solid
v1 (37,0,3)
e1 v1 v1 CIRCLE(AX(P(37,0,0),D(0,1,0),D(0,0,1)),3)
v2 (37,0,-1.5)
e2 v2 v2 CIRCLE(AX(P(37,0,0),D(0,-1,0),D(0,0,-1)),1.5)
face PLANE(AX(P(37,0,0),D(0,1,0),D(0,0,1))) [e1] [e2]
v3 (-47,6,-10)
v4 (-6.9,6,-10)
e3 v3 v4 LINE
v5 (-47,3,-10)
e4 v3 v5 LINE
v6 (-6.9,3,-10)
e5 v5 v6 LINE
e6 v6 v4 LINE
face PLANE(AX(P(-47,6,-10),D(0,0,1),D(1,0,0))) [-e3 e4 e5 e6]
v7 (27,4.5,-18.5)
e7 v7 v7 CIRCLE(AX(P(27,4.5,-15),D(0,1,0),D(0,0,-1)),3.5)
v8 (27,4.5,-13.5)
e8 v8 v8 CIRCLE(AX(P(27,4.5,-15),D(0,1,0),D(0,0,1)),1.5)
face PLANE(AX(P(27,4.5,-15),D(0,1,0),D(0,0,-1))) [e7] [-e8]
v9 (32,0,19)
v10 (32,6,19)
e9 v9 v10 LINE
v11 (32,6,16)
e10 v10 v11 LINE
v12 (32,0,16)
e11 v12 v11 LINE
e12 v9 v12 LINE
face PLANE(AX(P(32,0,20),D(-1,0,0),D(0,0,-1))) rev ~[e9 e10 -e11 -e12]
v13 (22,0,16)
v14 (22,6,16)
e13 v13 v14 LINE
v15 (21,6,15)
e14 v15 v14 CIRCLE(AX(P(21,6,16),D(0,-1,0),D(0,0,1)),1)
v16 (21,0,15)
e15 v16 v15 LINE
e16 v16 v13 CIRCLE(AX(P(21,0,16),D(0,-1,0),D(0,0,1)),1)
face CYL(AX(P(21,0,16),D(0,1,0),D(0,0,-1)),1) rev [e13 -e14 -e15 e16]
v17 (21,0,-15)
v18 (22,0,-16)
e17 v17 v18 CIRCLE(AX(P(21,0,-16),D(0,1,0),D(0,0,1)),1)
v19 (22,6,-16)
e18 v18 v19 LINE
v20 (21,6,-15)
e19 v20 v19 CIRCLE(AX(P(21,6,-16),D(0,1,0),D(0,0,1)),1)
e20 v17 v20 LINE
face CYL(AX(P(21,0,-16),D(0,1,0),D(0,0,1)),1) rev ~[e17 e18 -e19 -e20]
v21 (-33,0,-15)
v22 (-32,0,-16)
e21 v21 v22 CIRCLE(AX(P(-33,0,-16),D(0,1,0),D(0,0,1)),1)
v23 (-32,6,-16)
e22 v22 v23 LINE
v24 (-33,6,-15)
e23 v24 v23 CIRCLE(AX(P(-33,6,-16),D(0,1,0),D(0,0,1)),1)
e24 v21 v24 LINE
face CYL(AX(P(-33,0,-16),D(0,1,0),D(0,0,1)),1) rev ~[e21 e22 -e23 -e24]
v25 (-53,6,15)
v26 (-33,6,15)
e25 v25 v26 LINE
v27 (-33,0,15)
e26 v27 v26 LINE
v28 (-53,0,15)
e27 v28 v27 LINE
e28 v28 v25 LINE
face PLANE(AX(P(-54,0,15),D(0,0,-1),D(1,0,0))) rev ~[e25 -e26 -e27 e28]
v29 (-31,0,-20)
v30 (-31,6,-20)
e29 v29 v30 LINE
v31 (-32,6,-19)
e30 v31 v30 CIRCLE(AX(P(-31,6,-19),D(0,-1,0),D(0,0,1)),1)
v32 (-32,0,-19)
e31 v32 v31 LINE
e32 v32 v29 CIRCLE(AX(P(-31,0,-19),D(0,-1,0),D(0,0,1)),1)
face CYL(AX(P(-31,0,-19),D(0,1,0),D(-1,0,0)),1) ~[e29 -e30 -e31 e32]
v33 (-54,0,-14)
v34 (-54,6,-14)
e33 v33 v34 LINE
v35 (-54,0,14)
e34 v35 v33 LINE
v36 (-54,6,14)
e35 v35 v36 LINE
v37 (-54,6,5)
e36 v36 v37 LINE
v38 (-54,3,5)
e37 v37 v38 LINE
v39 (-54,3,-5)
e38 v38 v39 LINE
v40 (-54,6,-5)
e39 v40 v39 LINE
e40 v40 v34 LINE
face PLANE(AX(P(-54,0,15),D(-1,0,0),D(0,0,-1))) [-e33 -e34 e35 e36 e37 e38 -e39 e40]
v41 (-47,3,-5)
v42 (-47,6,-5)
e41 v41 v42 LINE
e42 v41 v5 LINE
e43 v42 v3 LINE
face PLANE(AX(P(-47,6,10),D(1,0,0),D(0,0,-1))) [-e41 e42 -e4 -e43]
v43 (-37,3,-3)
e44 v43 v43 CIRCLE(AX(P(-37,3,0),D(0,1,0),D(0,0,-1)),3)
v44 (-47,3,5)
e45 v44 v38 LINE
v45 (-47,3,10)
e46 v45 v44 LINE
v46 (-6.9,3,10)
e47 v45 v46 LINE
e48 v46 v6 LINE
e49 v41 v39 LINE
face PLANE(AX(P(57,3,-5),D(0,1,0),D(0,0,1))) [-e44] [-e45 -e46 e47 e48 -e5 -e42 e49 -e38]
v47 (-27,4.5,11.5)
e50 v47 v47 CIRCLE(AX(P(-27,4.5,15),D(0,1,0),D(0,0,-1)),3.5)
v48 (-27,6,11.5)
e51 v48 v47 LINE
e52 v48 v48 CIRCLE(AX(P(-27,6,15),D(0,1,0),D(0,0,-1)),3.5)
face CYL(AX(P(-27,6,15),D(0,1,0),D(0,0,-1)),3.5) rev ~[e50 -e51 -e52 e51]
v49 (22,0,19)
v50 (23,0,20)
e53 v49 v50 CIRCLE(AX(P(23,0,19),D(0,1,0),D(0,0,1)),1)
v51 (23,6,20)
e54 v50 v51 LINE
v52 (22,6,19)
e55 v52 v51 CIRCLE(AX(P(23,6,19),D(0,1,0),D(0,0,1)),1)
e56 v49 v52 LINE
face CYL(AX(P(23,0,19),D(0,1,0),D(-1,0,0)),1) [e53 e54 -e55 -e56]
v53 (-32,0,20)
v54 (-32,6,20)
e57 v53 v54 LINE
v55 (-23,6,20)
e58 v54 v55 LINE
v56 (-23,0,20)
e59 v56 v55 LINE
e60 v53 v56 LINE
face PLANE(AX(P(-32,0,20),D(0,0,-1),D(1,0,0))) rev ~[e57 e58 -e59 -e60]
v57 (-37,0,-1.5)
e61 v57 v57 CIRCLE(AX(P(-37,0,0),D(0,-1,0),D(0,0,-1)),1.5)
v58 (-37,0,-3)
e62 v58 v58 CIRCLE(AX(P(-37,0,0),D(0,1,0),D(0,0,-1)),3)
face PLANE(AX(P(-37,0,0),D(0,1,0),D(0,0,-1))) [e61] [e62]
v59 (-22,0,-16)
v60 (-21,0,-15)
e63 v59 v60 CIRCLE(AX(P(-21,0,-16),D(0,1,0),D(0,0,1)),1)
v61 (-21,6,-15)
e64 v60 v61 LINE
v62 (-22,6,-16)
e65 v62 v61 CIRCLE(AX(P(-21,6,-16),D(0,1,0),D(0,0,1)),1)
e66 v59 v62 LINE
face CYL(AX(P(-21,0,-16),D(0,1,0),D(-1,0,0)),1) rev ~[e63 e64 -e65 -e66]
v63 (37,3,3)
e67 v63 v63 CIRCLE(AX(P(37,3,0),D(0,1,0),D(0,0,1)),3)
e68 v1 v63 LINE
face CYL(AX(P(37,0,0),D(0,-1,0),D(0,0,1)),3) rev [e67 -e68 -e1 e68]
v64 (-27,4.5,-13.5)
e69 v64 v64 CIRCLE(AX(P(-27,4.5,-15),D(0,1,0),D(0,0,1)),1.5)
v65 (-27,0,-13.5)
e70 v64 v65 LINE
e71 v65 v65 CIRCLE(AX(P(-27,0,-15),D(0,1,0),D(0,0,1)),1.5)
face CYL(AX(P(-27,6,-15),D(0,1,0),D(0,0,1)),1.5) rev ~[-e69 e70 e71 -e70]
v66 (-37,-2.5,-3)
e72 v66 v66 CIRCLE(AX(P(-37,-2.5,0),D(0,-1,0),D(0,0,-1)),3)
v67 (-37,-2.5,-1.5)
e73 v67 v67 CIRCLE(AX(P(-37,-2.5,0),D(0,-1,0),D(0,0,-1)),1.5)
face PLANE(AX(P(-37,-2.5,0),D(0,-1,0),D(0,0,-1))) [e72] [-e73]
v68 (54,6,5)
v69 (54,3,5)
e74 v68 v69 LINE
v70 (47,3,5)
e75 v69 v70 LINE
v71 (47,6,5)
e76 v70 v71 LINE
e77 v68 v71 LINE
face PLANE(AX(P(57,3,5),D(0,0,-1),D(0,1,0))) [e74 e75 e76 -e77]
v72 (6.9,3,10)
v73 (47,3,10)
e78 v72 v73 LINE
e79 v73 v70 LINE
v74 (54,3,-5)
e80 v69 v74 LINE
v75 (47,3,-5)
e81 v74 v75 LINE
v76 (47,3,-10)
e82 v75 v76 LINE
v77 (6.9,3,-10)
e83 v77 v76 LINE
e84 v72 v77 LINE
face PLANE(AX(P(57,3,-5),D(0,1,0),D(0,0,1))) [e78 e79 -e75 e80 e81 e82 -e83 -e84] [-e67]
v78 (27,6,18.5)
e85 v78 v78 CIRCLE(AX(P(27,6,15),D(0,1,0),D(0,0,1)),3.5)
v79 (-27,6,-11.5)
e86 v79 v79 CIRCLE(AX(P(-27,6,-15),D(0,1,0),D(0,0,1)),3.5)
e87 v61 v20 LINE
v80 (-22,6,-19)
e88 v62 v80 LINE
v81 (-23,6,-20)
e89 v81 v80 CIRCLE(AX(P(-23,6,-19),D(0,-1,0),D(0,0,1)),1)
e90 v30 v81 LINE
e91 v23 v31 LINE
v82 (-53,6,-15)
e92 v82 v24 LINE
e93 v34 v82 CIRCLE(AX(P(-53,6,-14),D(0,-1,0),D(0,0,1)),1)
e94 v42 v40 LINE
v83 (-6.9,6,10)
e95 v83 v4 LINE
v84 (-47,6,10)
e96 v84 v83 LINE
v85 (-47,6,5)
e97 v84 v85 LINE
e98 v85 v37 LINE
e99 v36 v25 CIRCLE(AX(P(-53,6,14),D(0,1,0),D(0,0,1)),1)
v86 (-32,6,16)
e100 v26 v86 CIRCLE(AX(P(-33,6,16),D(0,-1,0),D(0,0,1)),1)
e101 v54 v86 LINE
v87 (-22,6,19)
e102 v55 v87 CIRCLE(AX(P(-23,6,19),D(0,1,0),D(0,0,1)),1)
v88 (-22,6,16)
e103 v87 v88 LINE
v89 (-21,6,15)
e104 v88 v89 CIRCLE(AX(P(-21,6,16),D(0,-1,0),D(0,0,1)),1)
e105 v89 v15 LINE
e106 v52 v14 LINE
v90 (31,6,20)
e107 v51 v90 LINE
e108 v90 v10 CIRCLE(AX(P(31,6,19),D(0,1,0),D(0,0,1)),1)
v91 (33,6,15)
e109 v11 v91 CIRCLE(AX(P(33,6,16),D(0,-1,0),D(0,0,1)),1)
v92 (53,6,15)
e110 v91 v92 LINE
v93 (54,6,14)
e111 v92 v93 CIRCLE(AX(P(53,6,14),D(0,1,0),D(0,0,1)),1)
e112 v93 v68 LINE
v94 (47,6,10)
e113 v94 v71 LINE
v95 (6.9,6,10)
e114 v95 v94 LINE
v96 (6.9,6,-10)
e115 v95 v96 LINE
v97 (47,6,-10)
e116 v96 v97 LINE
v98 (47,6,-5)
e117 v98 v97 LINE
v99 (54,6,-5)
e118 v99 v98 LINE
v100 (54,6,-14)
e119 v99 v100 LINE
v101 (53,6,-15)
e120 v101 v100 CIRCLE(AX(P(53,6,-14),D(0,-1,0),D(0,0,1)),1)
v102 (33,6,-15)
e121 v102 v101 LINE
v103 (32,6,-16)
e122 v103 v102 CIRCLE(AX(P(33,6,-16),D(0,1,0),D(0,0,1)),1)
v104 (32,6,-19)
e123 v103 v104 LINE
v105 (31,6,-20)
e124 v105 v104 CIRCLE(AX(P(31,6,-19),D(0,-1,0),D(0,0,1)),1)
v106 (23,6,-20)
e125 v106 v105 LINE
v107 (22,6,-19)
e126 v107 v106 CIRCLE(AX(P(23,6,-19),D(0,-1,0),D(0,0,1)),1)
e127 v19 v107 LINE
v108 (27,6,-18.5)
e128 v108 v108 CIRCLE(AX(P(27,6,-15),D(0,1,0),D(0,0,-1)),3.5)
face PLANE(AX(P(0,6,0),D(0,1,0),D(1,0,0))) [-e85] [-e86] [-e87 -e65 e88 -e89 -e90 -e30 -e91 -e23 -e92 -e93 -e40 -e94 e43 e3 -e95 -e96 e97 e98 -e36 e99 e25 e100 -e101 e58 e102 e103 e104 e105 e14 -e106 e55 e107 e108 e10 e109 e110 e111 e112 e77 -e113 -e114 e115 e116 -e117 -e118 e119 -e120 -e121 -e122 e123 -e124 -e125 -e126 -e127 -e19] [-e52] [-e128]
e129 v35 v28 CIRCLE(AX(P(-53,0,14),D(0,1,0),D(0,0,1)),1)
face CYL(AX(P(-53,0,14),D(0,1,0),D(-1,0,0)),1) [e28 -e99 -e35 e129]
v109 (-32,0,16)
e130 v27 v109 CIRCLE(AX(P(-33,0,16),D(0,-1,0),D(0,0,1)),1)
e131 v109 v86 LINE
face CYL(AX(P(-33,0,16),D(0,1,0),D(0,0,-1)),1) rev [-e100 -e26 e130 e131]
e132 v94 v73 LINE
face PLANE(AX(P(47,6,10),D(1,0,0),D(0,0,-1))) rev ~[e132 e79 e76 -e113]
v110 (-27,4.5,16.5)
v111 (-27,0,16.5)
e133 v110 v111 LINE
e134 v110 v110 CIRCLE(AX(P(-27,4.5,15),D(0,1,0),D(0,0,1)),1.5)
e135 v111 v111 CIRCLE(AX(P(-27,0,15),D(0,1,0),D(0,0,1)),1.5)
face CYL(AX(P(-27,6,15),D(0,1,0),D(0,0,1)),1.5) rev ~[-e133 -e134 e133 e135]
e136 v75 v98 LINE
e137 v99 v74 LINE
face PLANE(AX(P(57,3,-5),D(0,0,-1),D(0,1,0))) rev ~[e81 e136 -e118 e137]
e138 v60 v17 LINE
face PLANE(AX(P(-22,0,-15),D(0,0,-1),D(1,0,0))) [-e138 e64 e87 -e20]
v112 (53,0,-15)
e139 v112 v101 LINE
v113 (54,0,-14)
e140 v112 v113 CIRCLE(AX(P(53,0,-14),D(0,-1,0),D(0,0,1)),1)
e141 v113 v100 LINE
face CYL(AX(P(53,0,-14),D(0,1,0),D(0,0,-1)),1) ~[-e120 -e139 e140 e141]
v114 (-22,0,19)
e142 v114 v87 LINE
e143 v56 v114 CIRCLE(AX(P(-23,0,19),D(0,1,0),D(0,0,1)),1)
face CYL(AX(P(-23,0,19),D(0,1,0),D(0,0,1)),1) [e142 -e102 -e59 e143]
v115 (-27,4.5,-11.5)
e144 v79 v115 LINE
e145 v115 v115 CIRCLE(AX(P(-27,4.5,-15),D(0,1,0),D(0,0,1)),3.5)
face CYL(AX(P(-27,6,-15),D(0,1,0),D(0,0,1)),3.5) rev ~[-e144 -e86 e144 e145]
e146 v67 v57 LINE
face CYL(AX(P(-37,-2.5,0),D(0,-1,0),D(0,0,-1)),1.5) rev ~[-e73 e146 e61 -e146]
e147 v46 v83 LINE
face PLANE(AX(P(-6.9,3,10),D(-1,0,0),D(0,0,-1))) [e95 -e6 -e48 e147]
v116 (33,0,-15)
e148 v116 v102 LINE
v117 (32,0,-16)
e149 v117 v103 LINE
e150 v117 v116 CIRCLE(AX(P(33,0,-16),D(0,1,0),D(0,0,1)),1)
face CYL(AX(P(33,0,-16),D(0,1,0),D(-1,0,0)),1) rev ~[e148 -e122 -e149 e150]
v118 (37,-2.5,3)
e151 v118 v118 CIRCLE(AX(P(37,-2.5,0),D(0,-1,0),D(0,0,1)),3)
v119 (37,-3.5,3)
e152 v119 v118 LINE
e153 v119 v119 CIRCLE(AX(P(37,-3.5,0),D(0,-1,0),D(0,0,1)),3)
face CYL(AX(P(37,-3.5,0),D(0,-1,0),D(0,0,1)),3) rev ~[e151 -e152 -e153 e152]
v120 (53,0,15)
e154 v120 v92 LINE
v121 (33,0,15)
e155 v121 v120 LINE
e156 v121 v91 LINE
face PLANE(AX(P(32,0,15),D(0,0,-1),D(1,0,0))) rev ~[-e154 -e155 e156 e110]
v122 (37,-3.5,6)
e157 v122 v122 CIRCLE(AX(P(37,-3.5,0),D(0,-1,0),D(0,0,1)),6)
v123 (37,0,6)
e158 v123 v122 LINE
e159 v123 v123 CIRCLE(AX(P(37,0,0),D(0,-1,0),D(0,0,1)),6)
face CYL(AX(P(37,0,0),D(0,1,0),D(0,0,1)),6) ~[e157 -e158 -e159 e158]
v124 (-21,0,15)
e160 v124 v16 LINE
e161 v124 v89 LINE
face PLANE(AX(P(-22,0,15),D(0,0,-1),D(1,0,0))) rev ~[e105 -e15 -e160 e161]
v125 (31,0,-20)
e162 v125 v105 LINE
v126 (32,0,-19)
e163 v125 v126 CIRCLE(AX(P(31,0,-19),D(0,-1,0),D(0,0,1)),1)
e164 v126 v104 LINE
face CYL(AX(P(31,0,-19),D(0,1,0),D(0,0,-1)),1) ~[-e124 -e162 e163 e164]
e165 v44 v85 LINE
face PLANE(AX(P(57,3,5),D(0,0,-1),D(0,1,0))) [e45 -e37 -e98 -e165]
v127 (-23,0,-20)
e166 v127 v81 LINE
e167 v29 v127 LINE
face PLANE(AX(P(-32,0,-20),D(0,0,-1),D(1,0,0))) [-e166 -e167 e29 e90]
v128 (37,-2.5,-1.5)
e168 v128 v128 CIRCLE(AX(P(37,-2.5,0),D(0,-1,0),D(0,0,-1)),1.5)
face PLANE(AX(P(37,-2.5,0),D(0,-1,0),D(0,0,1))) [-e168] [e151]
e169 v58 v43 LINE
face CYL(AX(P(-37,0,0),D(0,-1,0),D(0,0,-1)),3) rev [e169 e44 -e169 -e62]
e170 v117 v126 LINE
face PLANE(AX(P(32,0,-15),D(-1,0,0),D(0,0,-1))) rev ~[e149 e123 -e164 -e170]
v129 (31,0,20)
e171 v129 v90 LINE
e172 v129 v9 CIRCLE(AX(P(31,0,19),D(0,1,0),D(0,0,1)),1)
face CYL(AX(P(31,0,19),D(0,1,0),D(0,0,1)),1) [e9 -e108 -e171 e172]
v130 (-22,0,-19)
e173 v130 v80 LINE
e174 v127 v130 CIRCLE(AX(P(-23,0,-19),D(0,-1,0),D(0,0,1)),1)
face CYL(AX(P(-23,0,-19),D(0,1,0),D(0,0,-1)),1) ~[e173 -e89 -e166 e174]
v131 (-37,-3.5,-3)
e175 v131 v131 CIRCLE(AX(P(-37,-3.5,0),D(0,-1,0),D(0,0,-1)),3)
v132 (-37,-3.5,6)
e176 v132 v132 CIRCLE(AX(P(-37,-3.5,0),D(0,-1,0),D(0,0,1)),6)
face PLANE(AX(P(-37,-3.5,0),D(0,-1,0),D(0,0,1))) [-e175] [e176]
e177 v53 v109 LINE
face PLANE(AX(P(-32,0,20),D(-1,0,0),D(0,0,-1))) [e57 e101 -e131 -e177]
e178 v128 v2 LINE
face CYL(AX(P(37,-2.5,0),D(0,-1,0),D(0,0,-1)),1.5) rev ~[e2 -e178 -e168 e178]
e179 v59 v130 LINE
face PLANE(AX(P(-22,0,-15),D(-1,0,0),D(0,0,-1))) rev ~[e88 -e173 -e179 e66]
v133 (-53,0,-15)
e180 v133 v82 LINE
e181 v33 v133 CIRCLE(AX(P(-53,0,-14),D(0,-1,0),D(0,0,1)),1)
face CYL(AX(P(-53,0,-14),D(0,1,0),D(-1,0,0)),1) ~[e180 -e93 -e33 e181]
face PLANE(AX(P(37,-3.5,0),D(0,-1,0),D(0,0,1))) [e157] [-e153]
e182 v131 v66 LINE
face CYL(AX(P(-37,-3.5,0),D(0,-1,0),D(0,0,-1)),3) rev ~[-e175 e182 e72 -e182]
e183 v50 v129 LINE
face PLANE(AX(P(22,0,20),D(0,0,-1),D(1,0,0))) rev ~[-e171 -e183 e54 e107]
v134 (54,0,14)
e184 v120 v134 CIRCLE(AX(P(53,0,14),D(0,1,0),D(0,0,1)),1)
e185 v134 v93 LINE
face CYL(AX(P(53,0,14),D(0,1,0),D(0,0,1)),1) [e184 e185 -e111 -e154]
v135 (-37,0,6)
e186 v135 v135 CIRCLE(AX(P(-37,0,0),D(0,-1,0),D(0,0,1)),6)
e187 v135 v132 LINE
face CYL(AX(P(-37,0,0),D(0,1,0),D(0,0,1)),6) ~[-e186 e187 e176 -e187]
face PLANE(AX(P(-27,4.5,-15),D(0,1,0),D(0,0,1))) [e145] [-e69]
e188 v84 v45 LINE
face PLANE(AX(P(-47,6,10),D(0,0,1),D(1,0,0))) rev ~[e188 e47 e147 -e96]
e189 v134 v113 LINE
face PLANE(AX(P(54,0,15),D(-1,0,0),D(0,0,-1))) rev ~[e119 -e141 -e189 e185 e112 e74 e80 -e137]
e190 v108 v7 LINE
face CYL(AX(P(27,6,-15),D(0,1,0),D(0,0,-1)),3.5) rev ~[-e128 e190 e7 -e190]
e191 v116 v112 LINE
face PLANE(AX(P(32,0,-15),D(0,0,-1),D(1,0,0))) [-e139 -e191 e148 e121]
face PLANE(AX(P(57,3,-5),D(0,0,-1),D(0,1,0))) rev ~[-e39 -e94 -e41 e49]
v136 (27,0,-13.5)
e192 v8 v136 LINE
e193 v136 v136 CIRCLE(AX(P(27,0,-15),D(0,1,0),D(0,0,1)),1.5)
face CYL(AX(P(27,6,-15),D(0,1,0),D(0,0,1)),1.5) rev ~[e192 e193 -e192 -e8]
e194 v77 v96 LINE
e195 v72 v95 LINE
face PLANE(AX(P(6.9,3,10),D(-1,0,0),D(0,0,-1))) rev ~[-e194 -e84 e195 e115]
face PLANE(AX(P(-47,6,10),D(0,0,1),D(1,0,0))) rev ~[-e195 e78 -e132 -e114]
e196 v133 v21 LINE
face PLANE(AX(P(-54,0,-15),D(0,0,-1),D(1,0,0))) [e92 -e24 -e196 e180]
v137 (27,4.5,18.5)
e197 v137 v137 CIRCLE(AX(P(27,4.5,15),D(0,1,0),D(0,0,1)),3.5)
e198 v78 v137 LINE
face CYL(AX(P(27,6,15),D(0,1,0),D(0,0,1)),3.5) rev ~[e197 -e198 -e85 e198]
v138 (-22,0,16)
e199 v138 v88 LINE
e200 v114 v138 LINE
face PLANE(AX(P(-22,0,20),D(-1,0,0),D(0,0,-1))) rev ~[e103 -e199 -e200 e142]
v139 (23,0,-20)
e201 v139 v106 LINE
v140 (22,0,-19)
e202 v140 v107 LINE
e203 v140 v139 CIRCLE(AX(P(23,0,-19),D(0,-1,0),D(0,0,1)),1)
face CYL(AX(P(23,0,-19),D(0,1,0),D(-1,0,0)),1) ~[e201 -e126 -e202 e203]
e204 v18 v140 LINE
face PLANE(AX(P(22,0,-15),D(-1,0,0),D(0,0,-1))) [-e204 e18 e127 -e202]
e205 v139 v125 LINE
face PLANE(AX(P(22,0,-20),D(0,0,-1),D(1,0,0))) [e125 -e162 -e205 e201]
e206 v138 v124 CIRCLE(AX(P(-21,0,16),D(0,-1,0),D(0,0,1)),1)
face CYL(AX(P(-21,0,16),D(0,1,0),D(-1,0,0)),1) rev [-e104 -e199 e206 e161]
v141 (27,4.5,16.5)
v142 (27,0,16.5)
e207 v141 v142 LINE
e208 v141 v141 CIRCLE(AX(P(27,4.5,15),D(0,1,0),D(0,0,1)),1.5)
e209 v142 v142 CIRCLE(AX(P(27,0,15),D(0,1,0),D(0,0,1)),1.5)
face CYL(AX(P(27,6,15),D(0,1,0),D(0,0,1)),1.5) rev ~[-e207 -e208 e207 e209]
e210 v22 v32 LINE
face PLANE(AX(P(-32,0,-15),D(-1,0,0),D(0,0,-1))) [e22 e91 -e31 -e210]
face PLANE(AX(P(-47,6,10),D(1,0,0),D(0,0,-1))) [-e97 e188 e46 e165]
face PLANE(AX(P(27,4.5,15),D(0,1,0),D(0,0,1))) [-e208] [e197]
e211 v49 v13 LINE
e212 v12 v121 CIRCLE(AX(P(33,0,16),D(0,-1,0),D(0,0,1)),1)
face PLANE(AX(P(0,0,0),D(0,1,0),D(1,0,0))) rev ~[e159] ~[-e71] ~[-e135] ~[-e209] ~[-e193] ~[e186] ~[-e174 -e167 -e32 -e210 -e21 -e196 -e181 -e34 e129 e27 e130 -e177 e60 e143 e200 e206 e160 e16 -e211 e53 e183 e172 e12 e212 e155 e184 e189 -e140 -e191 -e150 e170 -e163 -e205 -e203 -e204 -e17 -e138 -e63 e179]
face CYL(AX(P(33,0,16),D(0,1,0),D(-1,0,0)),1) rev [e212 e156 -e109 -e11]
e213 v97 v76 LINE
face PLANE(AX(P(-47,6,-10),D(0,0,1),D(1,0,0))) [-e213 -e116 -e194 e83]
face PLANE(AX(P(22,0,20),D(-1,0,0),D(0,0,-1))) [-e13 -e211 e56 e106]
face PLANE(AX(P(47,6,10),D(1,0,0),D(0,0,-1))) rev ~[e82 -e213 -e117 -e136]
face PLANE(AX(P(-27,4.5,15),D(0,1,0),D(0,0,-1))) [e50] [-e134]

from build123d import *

# Parameters (mm, degrees)
SKETCH_1_W               = 108
SKETCH_1_H               = 30
SKETCH_1_W_2             = 10
SKETCH_1_H_2             = 5
EXTRUDE_1_DEPTH          = 6
SKETCH_2_R               = 1.5
CUT_EXTRUDE_1_DEPTH      = 6
SKETCH_3_W               = 94
SKETCH_3_H               = 20
CUT_EXTRUDE_2_DEPTH      = 3
SKETCH_4_R               = 6
EXTRUDE_2_DEPTH          = 3.5
SKETCH_5_R               = 3
CUT_EXTRUDE_3_DEPTH      = 1
SKETCH_6_R               = 1.5
CUT_EXTRUDE_4_DEPTH      = 59.208676329
CUT_EXTRUDE_START        = -3
SKETCH_7_R               = 3
CUT_EXTRUDE_5_DEPTH      = 3
SKETCH_8_R               = 3.5
CUT_EXTRUDE_6_DEPTH      = 1.5
FILLET_1_R               = 1
CUT_EXTRUDE_7_DEPTH      = 111
CUT_EXTRUDE_7_DEPTH_BACK = 111
SKETCH_9_W               = 10
SKETCH_9_H               = 3
SKETCH_10_W              = 13.8
SKETCH_10_H              = 20
EXTRUDE_3_DEPTH          = 3


with BuildPart() as part:
    # 草图1 → 凸台-拉伸1 (new body)
    with BuildSketch(Plane(origin=(0, 0, 0), x_dir=(1, 0, 0), z_dir=(0, 1, 0))):
        Rectangle(SKETCH_1_W, SKETCH_1_H)
        with Locations((-27, 17.5)):
            Rectangle(SKETCH_1_W_2, SKETCH_1_H_2)
        with Locations((27, 17.5)):
            Rectangle(SKETCH_1_W_2, SKETCH_1_H_2)
        with Locations((27, -17.5)):
            Rectangle(SKETCH_1_W_2, SKETCH_1_H_2)
        with Locations((-27, -17.5)):
            Rectangle(SKETCH_1_W_2, SKETCH_1_H_2)
    extrude(amount=EXTRUDE_1_DEPTH)

    # 草图2 → 切除-拉伸1 (cut)
    with BuildSketch(Plane(origin=(0, 6, 0), x_dir=(1, 0, 0), z_dir=(0, 1, 0))):
        with Locations(Location((27, -15, 0), (0, 0, 270))):
            Circle(SKETCH_2_R)
        with Locations(Location((-27, -15, 0), (0, 0, 270))):
            Circle(SKETCH_2_R)
        with Locations(Location((27, 15, 0), (0, 0, 270))):
            Circle(SKETCH_2_R)
        with Locations(Location((-27, 15, 0), (0, 0, 270))):
            Circle(SKETCH_2_R)
    extrude(amount=-CUT_EXTRUDE_1_DEPTH, mode=Mode.SUBTRACT)

    # 草图3 → 切除-拉伸2 (cut)
    with BuildSketch(Plane(origin=(0, 6, 0), x_dir=(1, 0, 0), z_dir=(0, 1, 0))):
        Rectangle(SKETCH_3_W, SKETCH_3_H)
    extrude(amount=-CUT_EXTRUDE_2_DEPTH, mode=Mode.SUBTRACT)

    # 草图4 → 凸台-拉伸2 (add)
    with BuildSketch(Plane.XZ):
        with Locations(Location((-37, 0, 0), (0, 0, 90))):
            Circle(SKETCH_4_R)
        with Locations(Location((37, 0, 0), (0, 0, 90))):
            Circle(SKETCH_4_R)
    extrude(amount=EXTRUDE_2_DEPTH)

    # 草图5 → 切除-拉伸3 (cut)
    with BuildSketch(Plane.XZ.offset(3.5)):
        with Locations(Location((-37, 0, 0), (0, 0, 270))):
            Circle(SKETCH_5_R)
        with Locations(Location((37, 0, 0), (0, 0, 90))):
            Circle(SKETCH_5_R)
    extrude(amount=-CUT_EXTRUDE_3_DEPTH, mode=Mode.SUBTRACT)

    # 草图6 → 切除-拉伸4 (cut, through all)
    with BuildSketch(Plane.XZ.offset(2.5)):
        with Locations(Location((-37, 0, 0), (0, 0, 270))):
            Circle(SKETCH_6_R)
        with Locations(Location((37, 0, 0), (0, 0, 270))):
            Circle(SKETCH_6_R)
    extrude(amount=-CUT_EXTRUDE_4_DEPTH, mode=Mode.SUBTRACT)

    # 草图7 → 切除-拉伸5 (cut)
    with BuildSketch(Plane(origin=(0, 3, 0), x_dir=(1, 0, 0), z_dir=(0, 1, 0)).offset(CUT_EXTRUDE_START)):
        with Locations(Location((-37, 0, 0), (0, 0, 90))):
            Circle(SKETCH_7_R)
        with Locations(Location((37, 0, 0), (0, 0, 270))):
            Circle(SKETCH_7_R)
    extrude(amount=CUT_EXTRUDE_5_DEPTH, mode=Mode.SUBTRACT)

    # 草图8 → 切除-拉伸6 (cut)
    with BuildSketch(Plane(origin=(0, 6, 0), x_dir=(1, 0, 0), z_dir=(0, 1, 0))):
        with Locations(Location((-27, 15, 0), (0, 0, 270))):
            Circle(SKETCH_8_R)
        with Locations(Location((27, 15, 0), (0, 0, 90))):
            Circle(SKETCH_8_R)
        with Locations(Location((27, -15, 0), (0, 0, 270))):
            Circle(SKETCH_8_R)
        with Locations(Location((-27, -15, 0), (0, 0, 90))):
            Circle(SKETCH_8_R)
    extrude(amount=-CUT_EXTRUDE_6_DEPTH, mode=Mode.SUBTRACT)

    # 圆角1
    fillet_1_edges = [part.edges().sort_by_distance(p)[0] for p in [
        (-54, 3, 15),
        (-54, 3, -15),
        (-32, 3, -15),
        (-32, 3, -20),
        (-22, 3, -20),
        (-22, 3, -15),
        (22, 3, -15),
        (22, 3, -20),
        (32, 3, -20),
        (32, 3, -15),
        (54, 3, -15),
        (54, 3, 15),
        (32, 3, 15),
        (32, 3, 20),
        (22, 3, 20),
        (22, 3, 15),
        (-22, 3, 15),
        (-22, 3, 20),
        (-32, 3, 15),
    ]]
    fillet(fillet_1_edges, radius=FILLET_1_R)

    # 草图9 → 切除-拉伸7 (cut, two sides: drawn at the far end of the back side and taken through both)
    with BuildSketch(Plane.ZY.offset(54).offset(-CUT_EXTRUDE_7_DEPTH_BACK)):
        with Locations((0, 4.5)):
            Rectangle(SKETCH_9_W, SKETCH_9_H)
    extrude(amount=CUT_EXTRUDE_7_DEPTH + CUT_EXTRUDE_7_DEPTH_BACK, mode=Mode.SUBTRACT)

    # 草图10 → 凸台-拉伸3 (add)
    with BuildSketch(Plane(origin=(0, 3, 0), x_dir=(1, 0, 0), z_dir=(0, 1, 0))):
        Rectangle(SKETCH_10_W, SKETCH_10_H)
    extrude(amount=EXTRUDE_3_DEPTH)


solid = part.part
